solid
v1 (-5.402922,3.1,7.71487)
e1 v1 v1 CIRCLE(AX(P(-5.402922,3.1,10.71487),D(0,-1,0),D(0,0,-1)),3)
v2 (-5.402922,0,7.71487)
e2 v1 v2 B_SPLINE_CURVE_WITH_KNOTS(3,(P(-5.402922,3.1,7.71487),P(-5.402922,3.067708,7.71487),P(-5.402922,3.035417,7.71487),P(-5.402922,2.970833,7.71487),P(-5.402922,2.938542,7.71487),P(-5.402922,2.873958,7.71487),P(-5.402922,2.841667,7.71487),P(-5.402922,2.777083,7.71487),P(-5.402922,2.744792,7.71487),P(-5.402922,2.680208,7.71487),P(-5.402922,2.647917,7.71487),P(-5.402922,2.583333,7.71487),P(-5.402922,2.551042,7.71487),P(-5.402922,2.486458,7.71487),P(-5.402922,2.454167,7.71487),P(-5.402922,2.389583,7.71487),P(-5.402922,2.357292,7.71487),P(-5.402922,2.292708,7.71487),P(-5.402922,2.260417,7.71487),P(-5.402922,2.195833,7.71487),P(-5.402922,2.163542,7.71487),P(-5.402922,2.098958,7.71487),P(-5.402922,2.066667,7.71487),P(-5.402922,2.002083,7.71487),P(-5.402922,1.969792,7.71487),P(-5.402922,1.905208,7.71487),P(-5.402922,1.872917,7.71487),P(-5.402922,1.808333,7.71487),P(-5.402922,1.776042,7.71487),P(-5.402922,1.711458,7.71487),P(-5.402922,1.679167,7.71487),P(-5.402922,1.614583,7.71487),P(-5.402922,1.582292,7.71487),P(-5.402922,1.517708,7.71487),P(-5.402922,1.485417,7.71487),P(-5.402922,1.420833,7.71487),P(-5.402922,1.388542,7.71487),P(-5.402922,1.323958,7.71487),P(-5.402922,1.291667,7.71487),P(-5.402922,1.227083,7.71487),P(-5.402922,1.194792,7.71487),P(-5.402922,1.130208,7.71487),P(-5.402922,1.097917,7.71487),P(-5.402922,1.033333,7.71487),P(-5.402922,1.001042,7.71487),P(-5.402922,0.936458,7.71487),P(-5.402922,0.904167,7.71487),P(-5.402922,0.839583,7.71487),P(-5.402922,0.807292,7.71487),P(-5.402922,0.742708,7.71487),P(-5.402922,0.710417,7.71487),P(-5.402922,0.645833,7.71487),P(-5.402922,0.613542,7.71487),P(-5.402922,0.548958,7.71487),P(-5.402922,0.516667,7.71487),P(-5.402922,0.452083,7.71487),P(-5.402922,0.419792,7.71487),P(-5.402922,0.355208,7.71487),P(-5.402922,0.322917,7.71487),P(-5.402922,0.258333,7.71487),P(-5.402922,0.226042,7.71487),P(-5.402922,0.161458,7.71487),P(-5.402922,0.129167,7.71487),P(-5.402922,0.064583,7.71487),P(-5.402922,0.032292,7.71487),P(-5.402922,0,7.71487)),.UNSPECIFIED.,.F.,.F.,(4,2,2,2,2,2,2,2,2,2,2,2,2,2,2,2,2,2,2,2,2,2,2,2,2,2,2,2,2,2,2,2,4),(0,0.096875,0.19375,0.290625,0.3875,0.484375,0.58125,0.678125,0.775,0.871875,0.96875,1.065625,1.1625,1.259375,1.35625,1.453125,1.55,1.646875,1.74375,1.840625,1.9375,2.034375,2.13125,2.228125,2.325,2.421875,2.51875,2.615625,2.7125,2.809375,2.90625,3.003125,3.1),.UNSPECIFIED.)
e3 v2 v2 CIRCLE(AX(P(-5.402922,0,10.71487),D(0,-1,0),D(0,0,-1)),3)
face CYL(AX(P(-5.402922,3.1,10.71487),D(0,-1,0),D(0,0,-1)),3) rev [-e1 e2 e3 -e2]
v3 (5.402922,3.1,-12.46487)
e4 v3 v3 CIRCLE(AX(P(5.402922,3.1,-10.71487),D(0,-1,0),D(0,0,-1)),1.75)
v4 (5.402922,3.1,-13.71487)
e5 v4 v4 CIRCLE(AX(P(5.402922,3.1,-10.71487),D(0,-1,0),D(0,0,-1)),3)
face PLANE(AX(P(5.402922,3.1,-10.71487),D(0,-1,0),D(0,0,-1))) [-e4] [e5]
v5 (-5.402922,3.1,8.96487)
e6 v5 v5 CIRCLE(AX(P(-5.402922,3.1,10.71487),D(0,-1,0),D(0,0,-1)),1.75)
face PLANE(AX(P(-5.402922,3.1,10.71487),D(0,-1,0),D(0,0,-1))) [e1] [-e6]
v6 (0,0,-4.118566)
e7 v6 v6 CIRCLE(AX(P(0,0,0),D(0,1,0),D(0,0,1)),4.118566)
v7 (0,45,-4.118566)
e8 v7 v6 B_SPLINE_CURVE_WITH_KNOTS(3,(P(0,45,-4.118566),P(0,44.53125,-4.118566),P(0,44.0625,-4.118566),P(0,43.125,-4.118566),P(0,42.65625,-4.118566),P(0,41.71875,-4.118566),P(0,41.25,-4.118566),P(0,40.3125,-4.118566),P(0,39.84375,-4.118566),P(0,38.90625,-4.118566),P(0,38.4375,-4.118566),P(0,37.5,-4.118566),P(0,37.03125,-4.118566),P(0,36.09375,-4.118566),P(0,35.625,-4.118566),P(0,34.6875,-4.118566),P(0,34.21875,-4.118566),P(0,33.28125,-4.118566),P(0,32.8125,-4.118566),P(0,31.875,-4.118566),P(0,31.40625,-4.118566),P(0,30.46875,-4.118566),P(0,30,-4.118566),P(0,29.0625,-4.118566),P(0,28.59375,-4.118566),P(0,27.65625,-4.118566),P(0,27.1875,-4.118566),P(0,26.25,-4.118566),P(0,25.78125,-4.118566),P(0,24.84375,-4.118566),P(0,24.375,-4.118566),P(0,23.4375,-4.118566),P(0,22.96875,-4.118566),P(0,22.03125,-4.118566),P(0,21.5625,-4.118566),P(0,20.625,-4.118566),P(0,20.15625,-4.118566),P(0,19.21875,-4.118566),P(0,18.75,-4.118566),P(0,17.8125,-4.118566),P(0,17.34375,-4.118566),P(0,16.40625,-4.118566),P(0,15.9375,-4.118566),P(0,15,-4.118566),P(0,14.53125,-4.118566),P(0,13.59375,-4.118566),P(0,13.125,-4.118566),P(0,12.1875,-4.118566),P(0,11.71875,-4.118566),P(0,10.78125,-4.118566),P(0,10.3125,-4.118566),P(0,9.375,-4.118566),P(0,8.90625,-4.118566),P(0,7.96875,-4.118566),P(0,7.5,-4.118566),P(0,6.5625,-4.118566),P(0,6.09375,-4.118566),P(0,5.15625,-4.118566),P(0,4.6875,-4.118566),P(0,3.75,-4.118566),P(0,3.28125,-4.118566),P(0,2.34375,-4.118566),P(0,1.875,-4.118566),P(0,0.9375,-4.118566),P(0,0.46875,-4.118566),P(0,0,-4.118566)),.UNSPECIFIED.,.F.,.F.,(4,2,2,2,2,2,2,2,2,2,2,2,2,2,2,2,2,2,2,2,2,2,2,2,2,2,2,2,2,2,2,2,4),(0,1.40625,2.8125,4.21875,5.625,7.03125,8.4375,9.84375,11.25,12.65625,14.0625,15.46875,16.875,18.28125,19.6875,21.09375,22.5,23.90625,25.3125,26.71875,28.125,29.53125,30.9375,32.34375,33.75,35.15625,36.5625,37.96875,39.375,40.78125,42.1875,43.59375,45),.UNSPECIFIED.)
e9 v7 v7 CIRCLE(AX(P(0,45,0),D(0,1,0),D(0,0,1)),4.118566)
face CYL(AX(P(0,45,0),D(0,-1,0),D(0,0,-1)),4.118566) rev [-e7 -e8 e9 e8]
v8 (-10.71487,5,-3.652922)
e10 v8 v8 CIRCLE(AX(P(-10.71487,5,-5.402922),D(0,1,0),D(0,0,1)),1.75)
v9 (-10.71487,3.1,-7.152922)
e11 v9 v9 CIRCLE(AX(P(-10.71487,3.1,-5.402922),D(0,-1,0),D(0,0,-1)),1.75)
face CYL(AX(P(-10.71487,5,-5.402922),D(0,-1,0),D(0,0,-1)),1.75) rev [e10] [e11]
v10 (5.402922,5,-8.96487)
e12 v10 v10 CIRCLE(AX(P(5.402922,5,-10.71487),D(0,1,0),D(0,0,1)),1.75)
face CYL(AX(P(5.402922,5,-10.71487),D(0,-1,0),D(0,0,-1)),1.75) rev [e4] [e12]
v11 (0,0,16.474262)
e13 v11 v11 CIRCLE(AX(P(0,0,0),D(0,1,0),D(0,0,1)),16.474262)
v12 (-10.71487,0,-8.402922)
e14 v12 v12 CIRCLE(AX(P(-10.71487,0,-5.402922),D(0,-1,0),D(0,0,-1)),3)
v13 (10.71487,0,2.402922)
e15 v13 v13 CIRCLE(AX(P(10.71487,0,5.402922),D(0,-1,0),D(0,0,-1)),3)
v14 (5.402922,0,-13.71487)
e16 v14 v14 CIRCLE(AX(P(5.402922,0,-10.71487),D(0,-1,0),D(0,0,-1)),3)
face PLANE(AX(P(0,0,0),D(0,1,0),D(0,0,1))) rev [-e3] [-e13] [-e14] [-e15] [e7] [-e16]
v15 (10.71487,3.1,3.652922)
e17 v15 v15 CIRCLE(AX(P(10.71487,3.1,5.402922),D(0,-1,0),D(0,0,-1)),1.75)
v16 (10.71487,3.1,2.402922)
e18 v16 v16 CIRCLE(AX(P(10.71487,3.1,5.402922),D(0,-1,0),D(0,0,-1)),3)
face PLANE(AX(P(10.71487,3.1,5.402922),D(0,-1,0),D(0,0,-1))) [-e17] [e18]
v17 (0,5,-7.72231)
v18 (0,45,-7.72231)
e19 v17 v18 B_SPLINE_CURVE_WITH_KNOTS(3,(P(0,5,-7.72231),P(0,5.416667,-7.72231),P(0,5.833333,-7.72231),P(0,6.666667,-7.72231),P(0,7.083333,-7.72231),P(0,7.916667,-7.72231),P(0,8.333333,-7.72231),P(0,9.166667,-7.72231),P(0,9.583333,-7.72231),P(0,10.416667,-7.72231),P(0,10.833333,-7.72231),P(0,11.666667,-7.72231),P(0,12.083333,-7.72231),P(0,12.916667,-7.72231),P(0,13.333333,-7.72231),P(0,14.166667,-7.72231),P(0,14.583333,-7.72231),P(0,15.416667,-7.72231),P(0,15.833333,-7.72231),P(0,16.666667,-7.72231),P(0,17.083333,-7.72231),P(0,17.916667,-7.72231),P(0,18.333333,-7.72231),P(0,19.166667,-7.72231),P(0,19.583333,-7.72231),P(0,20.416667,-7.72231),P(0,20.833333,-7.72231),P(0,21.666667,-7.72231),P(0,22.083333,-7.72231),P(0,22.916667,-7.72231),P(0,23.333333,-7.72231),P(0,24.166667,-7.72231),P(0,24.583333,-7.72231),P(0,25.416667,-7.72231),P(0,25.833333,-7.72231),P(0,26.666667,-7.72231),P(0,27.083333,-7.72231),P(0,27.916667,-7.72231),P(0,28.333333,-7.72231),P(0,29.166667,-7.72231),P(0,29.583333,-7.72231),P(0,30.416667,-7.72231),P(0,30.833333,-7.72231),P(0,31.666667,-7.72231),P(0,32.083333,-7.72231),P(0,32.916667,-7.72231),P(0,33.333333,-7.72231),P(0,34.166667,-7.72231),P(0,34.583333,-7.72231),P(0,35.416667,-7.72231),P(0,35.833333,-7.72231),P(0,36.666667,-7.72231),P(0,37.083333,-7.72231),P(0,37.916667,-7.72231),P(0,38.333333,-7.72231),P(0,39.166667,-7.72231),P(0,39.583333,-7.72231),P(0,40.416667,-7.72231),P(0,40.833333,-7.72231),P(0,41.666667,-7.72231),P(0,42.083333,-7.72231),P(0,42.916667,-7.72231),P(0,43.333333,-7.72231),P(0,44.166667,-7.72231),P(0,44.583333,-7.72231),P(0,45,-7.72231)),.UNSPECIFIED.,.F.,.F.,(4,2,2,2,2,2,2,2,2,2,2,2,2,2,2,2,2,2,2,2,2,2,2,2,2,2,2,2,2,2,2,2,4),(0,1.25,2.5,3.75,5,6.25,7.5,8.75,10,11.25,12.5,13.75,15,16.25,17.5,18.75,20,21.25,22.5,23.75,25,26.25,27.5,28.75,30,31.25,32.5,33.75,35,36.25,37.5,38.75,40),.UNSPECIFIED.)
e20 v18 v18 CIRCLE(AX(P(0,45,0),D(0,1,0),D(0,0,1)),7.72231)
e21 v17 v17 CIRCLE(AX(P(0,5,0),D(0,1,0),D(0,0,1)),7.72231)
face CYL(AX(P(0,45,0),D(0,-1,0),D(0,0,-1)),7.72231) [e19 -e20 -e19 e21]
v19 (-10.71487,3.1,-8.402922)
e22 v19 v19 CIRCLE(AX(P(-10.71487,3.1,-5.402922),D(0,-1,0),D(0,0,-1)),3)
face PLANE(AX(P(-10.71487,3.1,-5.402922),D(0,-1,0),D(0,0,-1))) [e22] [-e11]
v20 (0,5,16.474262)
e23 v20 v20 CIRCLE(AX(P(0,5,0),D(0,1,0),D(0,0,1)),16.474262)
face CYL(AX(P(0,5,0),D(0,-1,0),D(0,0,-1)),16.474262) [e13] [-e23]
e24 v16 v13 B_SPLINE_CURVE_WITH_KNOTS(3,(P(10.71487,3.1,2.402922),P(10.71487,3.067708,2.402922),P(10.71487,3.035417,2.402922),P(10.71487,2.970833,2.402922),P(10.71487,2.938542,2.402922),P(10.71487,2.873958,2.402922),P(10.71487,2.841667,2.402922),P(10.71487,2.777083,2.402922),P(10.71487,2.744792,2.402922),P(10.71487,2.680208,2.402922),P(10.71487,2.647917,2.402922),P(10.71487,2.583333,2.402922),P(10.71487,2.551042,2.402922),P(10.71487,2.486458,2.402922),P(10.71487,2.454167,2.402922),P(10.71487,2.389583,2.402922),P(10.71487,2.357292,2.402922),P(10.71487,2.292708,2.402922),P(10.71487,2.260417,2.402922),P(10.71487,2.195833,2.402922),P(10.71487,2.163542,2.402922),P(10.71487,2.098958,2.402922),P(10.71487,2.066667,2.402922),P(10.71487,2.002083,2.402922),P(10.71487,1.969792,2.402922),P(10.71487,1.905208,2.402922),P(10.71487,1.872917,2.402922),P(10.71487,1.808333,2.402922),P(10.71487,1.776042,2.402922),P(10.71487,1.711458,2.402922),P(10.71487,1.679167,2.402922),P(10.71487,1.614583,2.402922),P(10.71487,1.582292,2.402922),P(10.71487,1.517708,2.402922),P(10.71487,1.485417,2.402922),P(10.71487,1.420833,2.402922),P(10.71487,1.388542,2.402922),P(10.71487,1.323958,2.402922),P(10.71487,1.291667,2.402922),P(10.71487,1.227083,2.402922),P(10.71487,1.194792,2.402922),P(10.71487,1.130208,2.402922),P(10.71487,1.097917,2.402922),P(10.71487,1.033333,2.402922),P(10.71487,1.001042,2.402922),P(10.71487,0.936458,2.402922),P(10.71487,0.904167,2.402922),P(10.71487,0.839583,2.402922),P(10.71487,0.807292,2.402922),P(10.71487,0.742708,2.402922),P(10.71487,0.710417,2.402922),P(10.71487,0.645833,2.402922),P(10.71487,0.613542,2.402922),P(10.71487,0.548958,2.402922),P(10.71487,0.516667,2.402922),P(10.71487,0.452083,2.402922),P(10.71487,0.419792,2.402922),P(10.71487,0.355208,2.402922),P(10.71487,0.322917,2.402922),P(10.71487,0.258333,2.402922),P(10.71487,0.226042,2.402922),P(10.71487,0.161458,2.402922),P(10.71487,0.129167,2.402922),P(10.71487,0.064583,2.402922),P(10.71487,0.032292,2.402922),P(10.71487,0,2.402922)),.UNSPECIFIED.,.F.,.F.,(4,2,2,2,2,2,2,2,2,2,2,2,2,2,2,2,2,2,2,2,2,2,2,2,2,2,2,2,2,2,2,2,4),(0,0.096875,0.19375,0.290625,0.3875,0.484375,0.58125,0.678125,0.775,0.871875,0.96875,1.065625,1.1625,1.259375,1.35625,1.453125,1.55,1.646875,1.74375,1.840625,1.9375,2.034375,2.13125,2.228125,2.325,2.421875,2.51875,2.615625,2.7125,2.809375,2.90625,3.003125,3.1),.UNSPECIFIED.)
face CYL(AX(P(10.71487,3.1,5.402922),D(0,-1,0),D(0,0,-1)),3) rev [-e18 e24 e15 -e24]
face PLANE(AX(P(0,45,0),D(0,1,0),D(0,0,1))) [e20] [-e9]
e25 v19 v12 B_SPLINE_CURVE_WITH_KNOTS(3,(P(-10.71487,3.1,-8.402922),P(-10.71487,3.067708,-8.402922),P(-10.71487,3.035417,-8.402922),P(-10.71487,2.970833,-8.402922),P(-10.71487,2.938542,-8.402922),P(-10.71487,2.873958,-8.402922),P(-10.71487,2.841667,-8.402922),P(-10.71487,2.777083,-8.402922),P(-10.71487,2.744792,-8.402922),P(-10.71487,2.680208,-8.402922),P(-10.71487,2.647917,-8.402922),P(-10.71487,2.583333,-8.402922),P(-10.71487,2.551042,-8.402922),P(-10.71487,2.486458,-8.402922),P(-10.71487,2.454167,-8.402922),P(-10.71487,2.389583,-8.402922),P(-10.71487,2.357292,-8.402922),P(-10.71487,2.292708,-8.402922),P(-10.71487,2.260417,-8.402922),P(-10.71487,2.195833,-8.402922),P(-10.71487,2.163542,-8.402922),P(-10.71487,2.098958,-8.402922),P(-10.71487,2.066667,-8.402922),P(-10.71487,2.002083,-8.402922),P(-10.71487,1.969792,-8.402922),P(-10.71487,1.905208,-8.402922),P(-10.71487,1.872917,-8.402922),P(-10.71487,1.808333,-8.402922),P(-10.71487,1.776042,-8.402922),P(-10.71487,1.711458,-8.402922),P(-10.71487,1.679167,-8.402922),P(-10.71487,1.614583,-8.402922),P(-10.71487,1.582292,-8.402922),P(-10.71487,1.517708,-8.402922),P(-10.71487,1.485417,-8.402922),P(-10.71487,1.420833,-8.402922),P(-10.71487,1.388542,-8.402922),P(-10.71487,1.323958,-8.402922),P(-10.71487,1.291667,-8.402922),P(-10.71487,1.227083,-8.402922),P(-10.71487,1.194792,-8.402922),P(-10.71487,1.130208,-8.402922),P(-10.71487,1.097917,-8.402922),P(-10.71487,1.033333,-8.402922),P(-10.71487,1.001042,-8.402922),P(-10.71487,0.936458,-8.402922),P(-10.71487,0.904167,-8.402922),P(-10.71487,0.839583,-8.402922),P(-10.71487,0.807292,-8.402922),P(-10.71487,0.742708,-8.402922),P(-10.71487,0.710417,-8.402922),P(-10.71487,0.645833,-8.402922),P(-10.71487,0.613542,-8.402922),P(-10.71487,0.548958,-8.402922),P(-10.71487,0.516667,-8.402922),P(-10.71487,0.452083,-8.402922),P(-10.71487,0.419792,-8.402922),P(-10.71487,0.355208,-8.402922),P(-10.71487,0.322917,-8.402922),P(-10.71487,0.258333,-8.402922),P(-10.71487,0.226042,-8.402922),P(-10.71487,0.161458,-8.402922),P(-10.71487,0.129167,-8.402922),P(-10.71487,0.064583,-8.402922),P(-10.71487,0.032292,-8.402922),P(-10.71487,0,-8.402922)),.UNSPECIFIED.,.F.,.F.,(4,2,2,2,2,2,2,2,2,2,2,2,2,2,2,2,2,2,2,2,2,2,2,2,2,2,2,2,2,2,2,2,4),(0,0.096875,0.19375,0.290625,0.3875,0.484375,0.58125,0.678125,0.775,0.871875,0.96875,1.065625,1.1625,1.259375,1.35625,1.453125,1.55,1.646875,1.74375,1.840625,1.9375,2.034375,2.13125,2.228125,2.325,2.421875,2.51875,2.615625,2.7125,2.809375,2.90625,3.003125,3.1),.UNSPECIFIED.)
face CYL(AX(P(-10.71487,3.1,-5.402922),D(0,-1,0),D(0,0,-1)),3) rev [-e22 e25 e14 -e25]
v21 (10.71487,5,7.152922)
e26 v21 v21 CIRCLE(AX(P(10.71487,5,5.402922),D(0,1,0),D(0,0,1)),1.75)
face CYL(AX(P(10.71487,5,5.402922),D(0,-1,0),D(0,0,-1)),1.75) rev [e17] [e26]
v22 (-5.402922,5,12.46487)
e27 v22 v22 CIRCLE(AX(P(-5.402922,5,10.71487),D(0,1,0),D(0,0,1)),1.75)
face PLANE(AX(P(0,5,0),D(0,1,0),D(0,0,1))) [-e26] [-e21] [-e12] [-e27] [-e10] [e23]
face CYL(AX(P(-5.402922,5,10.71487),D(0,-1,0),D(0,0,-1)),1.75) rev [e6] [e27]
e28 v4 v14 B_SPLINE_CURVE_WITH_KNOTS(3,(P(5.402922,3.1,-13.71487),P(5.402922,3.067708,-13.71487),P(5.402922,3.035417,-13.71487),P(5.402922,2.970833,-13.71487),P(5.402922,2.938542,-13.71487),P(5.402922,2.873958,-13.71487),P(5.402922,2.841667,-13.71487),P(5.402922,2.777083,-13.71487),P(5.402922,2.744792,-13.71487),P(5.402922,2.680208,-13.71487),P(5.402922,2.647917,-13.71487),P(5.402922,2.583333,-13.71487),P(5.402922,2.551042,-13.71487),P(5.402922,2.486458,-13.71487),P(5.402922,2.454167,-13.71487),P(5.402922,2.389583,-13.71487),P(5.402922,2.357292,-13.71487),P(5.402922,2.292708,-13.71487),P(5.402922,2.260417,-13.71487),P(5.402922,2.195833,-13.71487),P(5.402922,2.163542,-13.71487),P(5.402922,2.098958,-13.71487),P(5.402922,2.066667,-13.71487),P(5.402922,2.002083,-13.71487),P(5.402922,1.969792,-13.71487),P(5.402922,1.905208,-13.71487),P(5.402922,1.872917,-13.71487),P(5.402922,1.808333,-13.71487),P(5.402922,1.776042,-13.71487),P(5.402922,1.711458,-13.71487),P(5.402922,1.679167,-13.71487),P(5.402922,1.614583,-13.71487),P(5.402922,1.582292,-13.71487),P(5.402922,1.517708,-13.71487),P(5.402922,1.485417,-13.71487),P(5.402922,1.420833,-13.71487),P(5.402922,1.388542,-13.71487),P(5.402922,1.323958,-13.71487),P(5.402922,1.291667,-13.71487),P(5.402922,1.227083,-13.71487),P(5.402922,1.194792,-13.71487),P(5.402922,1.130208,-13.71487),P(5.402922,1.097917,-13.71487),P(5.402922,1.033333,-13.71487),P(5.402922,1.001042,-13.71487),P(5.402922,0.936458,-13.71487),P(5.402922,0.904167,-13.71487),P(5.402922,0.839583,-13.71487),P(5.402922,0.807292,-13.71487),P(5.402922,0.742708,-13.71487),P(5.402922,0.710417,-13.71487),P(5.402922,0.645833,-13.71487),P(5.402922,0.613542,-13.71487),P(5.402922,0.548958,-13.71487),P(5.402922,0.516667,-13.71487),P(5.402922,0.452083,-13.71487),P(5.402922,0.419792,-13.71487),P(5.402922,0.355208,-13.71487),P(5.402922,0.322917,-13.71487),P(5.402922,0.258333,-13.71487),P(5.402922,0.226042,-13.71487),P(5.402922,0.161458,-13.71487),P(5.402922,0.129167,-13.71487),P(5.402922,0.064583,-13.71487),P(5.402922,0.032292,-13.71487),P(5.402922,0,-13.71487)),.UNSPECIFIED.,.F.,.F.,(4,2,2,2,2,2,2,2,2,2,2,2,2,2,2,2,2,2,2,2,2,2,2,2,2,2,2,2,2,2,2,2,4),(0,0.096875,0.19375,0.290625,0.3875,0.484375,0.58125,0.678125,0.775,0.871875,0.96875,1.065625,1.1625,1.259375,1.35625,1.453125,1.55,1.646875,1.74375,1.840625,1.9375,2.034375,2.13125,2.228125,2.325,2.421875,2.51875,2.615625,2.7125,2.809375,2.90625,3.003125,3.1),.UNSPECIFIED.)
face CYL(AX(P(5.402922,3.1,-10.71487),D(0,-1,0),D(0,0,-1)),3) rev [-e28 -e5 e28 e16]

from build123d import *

# Parameters (mm, degrees)
SKETCH_1_R          = 16.47426238
SKETCH_1_R_2        = 1.75
SKETCH_1_R_3        = 7.722310491
EXTRUDE_1_DEPTH     = 5
SKETCH_1_3_R        = 7.722310491
SKETCH_1_3_R_2      = 4.118565595
EXTRUDE_2_DEPTH     = 45
SKETCH_2_R          = 3
CUT_EXTRUDE_1_DEPTH = 3.1


with BuildPart() as part:
    # 草图1 → 凸台-拉伸1 (new body)
    with BuildSketch(Plane(origin=(0, 0, 0), x_dir=(1, 0, 0), z_dir=(0, 1, 0))):
        Circle(SKETCH_1_R)
        with Locations((-5.402922146, -10.714869681)):
            Circle(SKETCH_1_R_2, mode=Mode.SUBTRACT)
        with Locations((10.714869681, -5.402922146)):
            Circle(SKETCH_1_R_2, mode=Mode.SUBTRACT)
        with Locations((-10.714869681, 5.402922146)):
            Circle(SKETCH_1_R_2, mode=Mode.SUBTRACT)
        Circle(SKETCH_1_R_3, mode=Mode.SUBTRACT)
        with Locations((5.402922146, 10.714869681)):
            Circle(SKETCH_1_R_2, mode=Mode.SUBTRACT)
    extrude(amount=EXTRUDE_1_DEPTH)

    # 草图1<3> → 凸台-拉伸2 (add)
    with BuildSketch(Plane(origin=(0, 0, 0), x_dir=(1, 0, 0), z_dir=(0, 1, 0))):
        Circle(SKETCH_1_3_R)
        Circle(SKETCH_1_3_R_2, mode=Mode.SUBTRACT)
    extrude(amount=EXTRUDE_2_DEPTH)

    # 草图2 → 切除-拉伸1 (cut)
    with BuildSketch(Plane.XZ):
        with Locations((5.402922146, -10.714869681)):
            Circle(SKETCH_2_R)
        with Locations((-10.714869681, -5.402922146)):
            Circle(SKETCH_2_R)
        with Locations((-5.402922146, 10.714869681)):
            Circle(SKETCH_2_R)
        with Locations((10.714869681, 5.402922146)):
            Circle(SKETCH_2_R)
    extrude(amount=-CUT_EXTRUDE_1_DEPTH, mode=Mode.SUBTRACT)


solid = part.part
